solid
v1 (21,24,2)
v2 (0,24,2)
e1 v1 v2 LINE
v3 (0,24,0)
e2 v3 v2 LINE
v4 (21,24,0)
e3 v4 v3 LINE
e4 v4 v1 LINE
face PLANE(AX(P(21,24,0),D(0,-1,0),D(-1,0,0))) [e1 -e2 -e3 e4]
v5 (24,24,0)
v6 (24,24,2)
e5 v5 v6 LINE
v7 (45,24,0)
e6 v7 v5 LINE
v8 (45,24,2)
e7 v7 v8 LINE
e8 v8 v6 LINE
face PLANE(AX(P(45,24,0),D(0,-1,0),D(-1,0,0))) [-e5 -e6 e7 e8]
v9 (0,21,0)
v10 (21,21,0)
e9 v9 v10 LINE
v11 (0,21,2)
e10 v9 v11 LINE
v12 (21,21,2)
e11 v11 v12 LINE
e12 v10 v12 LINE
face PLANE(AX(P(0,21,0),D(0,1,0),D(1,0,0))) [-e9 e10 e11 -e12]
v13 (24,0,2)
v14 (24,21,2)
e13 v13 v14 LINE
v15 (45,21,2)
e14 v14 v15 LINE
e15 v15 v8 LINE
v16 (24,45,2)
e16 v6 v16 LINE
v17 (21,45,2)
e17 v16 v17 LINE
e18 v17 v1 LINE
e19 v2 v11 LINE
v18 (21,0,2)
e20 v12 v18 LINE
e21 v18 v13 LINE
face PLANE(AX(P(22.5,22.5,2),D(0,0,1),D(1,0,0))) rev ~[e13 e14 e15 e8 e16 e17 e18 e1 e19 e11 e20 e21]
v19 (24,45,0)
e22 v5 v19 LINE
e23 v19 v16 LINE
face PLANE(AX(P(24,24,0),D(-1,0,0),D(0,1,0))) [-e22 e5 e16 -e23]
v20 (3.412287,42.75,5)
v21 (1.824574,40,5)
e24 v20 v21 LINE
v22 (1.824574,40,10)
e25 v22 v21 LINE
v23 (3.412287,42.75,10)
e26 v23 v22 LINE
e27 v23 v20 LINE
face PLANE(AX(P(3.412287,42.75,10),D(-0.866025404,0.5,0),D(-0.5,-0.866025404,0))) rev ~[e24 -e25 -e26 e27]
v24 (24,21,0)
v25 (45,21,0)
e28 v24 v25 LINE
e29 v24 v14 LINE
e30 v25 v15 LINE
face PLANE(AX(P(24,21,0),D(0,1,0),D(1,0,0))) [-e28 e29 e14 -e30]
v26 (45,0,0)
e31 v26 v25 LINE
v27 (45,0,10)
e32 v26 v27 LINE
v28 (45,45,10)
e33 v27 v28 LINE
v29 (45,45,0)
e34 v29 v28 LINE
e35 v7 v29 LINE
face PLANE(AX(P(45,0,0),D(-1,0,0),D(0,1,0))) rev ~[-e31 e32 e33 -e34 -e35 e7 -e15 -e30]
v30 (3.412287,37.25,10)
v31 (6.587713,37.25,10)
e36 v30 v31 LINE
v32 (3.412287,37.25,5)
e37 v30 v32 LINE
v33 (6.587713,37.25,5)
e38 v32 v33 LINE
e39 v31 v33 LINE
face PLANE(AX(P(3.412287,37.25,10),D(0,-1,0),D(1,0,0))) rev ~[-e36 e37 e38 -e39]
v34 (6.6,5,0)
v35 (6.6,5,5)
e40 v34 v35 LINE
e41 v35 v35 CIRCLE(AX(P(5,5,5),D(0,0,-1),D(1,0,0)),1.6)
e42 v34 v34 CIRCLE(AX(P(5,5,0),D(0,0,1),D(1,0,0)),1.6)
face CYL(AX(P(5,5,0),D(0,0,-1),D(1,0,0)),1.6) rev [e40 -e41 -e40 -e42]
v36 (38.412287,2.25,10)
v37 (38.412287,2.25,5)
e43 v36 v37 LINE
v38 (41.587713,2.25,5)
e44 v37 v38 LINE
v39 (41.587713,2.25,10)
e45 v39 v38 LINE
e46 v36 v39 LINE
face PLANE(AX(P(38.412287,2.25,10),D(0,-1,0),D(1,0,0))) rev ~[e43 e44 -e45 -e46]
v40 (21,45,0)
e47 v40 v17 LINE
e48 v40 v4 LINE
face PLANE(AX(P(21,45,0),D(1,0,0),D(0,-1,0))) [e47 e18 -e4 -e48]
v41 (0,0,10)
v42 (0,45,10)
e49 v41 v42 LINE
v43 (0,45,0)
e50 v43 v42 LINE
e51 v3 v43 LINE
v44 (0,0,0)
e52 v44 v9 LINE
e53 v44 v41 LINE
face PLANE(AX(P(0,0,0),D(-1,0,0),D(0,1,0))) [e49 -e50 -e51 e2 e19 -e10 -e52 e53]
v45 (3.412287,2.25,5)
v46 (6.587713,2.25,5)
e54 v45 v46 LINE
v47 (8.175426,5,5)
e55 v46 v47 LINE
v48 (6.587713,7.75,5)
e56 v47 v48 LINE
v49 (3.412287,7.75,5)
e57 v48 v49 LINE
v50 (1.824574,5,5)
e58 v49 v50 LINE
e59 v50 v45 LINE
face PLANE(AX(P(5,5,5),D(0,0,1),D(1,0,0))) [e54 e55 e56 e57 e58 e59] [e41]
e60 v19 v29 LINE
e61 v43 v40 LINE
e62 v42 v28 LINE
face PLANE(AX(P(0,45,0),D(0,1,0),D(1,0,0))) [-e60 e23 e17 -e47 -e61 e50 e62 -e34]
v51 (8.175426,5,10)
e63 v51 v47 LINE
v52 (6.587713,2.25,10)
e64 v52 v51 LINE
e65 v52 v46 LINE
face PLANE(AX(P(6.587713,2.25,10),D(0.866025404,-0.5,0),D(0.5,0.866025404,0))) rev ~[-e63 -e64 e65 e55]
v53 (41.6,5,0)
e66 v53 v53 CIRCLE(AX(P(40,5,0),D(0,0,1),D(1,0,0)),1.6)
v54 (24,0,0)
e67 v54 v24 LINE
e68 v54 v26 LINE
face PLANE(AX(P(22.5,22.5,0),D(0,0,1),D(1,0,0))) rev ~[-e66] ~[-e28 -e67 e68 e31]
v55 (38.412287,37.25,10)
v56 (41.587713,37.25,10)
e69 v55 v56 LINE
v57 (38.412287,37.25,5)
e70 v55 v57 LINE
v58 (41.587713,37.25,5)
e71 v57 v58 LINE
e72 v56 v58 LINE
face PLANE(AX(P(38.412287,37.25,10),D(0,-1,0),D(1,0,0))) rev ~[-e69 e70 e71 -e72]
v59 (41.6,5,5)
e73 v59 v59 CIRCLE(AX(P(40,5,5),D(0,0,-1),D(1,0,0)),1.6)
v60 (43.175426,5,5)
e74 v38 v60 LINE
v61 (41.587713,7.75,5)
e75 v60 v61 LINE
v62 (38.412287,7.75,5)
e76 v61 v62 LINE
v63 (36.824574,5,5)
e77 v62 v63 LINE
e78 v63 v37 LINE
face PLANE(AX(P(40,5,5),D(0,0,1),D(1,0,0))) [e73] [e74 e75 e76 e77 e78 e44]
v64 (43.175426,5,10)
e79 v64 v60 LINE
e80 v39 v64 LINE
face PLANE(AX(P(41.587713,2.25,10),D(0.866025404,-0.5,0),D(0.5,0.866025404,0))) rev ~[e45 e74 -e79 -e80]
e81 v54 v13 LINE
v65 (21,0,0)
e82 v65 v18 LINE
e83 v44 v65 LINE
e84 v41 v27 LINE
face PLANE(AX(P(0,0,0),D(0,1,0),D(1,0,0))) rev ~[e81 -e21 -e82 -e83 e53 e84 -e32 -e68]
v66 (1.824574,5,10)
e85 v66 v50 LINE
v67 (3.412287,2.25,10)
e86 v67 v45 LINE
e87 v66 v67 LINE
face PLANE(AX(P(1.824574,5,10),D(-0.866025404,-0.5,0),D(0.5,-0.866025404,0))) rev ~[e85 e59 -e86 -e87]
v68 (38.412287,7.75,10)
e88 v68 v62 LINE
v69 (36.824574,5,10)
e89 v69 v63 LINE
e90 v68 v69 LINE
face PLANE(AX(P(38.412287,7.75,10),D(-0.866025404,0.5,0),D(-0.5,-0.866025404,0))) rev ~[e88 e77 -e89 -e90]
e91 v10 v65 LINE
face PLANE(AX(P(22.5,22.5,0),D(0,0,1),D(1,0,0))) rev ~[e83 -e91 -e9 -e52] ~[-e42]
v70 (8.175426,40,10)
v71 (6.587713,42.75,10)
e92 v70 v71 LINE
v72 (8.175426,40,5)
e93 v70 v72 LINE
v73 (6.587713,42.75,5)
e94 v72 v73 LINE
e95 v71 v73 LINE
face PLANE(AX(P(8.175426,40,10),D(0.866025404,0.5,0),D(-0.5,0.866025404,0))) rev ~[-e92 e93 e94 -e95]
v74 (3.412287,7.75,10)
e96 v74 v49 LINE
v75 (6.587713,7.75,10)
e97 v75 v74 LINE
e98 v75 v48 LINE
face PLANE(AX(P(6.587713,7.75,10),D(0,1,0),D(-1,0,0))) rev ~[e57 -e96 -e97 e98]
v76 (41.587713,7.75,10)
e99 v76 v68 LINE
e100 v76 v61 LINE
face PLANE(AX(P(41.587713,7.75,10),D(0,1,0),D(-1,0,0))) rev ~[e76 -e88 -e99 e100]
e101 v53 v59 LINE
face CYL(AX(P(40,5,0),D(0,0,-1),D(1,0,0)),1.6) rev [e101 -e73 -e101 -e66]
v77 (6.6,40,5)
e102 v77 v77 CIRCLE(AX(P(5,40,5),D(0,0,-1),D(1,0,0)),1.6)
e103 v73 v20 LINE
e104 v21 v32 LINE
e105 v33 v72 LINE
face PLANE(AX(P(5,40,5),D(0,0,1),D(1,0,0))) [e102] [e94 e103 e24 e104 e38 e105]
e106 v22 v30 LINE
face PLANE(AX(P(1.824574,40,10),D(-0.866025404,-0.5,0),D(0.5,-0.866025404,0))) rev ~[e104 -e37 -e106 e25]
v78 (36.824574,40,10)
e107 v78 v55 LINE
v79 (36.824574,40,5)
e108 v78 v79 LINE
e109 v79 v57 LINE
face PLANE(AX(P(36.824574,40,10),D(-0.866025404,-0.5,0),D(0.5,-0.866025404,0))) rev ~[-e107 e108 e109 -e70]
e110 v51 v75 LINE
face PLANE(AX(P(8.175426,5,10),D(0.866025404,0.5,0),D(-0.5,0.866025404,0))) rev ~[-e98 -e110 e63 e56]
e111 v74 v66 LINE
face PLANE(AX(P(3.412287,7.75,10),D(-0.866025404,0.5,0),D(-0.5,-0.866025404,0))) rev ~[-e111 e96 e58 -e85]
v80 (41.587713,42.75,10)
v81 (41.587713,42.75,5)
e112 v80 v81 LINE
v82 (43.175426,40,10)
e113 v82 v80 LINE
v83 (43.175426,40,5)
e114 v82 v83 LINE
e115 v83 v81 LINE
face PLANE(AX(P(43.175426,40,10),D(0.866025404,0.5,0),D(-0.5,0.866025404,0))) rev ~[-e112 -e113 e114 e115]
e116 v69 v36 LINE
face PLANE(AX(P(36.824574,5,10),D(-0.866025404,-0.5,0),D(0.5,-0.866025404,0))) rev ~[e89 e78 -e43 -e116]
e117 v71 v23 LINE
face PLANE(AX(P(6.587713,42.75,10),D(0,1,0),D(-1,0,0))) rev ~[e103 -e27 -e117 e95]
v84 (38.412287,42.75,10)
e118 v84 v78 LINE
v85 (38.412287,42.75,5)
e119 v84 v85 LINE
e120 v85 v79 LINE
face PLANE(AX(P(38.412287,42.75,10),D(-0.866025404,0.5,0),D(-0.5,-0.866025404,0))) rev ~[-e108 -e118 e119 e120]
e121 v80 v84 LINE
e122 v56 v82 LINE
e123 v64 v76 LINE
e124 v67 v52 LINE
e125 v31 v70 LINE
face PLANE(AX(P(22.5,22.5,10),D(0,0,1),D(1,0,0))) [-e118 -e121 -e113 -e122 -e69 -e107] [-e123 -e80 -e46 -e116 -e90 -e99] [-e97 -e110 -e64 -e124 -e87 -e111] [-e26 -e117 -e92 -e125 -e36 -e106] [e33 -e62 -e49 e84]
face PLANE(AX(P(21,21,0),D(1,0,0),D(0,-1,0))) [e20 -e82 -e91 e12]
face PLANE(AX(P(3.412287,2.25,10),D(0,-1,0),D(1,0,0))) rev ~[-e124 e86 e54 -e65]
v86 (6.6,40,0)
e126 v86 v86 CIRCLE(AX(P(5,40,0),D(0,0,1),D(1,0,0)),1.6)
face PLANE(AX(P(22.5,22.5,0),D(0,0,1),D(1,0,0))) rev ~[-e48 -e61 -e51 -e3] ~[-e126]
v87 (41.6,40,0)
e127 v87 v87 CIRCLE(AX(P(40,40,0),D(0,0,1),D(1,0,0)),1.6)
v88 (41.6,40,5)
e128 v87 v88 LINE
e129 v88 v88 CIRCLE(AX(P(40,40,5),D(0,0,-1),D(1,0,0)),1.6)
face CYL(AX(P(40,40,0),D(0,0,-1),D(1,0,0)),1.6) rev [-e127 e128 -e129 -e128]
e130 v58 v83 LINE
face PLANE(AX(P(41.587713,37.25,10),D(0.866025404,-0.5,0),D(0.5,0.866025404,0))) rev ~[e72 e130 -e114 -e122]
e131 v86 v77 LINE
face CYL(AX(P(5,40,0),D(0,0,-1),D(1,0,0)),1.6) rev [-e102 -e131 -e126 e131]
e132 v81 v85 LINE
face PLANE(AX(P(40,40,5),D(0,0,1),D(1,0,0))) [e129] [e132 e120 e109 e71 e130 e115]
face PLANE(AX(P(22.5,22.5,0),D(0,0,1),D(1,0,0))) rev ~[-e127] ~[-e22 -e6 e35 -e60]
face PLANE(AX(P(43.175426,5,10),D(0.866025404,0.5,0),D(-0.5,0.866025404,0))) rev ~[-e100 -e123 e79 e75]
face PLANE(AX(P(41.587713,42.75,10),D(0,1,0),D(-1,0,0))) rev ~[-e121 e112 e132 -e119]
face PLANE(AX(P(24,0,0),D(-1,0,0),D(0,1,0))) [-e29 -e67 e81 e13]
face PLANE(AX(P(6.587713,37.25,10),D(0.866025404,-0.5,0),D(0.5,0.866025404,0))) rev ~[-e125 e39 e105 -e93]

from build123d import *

# Parameters (mm, degrees)
SKETCH1_W           = 45
SKETCH1_H           = 45
SKETCH1_R           = 1.6
BOSS_EXTRUDE1_DEPTH = 10
CUT_EXTRUDE1_DEPTH  = 5
CUT_EXTRUDE2_DEPTH  = 2


with BuildPart() as part:
    # Sketch1 → Boss-Extrude1 (new body)
    with BuildSketch(Plane.XY):
        with Locations((22.5, 22.5)):
            Rectangle(SKETCH1_W, SKETCH1_H)
        with Locations((5, 5)):
            Circle(SKETCH1_R, mode=Mode.SUBTRACT)
        with Locations((5, 40)):
            Circle(SKETCH1_R, mode=Mode.SUBTRACT)
        with Locations((40, 40)):
            Circle(SKETCH1_R, mode=Mode.SUBTRACT)
        with Locations((40, 5)):
            Circle(SKETCH1_R, mode=Mode.SUBTRACT)
    extrude(amount=BOSS_EXTRUDE1_DEPTH)

    # Sketch2 → Cut-Extrude1 (cut)
    with BuildSketch(Plane.XY.offset(10)):
        Polygon((8.175426481, 5), (6.58771324, 7.75), (3.41228676, 7.75), (1.824573519, 5), (3.41228676, 2.25), (6.58771324, 2.25), align=None)
        Polygon((8.175426481, 40), (6.58771324, 42.75), (3.41228676, 42.75), (1.824573519, 40), (3.41228676, 37.25), (6.58771324, 37.25), align=None)
        Polygon((43.175426481, 40), (41.58771324, 42.75), (38.41228676, 42.75), (36.824573519, 40), (38.41228676, 37.25), (41.58771324, 37.25), align=None)
        Polygon((43.175426481, 5), (41.58771324, 7.75), (38.41228676, 7.75), (36.824573519, 5), (38.41228676, 2.25), (41.58771324, 2.25), align=None)
    extrude(amount=-CUT_EXTRUDE1_DEPTH, mode=Mode.SUBTRACT)

    # Sketch3 → Cut-Extrude2 (cut)
    with BuildSketch(Plane(origin=(0, 0, 0), x_dir=(-1, 0, 0), z_dir=(0, 0, -1))):
        Polygon((-45, 24), (-24, 24), (-24, 45), (-21, 45), (-21, 24), (0, 24), (0, 21), (-21, 21), (-21, 0), (-24, 0), (-24, 21), (-45, 21), align=None)
    extrude(amount=-CUT_EXTRUDE2_DEPTH, mode=Mode.SUBTRACT)


solid = part.part
